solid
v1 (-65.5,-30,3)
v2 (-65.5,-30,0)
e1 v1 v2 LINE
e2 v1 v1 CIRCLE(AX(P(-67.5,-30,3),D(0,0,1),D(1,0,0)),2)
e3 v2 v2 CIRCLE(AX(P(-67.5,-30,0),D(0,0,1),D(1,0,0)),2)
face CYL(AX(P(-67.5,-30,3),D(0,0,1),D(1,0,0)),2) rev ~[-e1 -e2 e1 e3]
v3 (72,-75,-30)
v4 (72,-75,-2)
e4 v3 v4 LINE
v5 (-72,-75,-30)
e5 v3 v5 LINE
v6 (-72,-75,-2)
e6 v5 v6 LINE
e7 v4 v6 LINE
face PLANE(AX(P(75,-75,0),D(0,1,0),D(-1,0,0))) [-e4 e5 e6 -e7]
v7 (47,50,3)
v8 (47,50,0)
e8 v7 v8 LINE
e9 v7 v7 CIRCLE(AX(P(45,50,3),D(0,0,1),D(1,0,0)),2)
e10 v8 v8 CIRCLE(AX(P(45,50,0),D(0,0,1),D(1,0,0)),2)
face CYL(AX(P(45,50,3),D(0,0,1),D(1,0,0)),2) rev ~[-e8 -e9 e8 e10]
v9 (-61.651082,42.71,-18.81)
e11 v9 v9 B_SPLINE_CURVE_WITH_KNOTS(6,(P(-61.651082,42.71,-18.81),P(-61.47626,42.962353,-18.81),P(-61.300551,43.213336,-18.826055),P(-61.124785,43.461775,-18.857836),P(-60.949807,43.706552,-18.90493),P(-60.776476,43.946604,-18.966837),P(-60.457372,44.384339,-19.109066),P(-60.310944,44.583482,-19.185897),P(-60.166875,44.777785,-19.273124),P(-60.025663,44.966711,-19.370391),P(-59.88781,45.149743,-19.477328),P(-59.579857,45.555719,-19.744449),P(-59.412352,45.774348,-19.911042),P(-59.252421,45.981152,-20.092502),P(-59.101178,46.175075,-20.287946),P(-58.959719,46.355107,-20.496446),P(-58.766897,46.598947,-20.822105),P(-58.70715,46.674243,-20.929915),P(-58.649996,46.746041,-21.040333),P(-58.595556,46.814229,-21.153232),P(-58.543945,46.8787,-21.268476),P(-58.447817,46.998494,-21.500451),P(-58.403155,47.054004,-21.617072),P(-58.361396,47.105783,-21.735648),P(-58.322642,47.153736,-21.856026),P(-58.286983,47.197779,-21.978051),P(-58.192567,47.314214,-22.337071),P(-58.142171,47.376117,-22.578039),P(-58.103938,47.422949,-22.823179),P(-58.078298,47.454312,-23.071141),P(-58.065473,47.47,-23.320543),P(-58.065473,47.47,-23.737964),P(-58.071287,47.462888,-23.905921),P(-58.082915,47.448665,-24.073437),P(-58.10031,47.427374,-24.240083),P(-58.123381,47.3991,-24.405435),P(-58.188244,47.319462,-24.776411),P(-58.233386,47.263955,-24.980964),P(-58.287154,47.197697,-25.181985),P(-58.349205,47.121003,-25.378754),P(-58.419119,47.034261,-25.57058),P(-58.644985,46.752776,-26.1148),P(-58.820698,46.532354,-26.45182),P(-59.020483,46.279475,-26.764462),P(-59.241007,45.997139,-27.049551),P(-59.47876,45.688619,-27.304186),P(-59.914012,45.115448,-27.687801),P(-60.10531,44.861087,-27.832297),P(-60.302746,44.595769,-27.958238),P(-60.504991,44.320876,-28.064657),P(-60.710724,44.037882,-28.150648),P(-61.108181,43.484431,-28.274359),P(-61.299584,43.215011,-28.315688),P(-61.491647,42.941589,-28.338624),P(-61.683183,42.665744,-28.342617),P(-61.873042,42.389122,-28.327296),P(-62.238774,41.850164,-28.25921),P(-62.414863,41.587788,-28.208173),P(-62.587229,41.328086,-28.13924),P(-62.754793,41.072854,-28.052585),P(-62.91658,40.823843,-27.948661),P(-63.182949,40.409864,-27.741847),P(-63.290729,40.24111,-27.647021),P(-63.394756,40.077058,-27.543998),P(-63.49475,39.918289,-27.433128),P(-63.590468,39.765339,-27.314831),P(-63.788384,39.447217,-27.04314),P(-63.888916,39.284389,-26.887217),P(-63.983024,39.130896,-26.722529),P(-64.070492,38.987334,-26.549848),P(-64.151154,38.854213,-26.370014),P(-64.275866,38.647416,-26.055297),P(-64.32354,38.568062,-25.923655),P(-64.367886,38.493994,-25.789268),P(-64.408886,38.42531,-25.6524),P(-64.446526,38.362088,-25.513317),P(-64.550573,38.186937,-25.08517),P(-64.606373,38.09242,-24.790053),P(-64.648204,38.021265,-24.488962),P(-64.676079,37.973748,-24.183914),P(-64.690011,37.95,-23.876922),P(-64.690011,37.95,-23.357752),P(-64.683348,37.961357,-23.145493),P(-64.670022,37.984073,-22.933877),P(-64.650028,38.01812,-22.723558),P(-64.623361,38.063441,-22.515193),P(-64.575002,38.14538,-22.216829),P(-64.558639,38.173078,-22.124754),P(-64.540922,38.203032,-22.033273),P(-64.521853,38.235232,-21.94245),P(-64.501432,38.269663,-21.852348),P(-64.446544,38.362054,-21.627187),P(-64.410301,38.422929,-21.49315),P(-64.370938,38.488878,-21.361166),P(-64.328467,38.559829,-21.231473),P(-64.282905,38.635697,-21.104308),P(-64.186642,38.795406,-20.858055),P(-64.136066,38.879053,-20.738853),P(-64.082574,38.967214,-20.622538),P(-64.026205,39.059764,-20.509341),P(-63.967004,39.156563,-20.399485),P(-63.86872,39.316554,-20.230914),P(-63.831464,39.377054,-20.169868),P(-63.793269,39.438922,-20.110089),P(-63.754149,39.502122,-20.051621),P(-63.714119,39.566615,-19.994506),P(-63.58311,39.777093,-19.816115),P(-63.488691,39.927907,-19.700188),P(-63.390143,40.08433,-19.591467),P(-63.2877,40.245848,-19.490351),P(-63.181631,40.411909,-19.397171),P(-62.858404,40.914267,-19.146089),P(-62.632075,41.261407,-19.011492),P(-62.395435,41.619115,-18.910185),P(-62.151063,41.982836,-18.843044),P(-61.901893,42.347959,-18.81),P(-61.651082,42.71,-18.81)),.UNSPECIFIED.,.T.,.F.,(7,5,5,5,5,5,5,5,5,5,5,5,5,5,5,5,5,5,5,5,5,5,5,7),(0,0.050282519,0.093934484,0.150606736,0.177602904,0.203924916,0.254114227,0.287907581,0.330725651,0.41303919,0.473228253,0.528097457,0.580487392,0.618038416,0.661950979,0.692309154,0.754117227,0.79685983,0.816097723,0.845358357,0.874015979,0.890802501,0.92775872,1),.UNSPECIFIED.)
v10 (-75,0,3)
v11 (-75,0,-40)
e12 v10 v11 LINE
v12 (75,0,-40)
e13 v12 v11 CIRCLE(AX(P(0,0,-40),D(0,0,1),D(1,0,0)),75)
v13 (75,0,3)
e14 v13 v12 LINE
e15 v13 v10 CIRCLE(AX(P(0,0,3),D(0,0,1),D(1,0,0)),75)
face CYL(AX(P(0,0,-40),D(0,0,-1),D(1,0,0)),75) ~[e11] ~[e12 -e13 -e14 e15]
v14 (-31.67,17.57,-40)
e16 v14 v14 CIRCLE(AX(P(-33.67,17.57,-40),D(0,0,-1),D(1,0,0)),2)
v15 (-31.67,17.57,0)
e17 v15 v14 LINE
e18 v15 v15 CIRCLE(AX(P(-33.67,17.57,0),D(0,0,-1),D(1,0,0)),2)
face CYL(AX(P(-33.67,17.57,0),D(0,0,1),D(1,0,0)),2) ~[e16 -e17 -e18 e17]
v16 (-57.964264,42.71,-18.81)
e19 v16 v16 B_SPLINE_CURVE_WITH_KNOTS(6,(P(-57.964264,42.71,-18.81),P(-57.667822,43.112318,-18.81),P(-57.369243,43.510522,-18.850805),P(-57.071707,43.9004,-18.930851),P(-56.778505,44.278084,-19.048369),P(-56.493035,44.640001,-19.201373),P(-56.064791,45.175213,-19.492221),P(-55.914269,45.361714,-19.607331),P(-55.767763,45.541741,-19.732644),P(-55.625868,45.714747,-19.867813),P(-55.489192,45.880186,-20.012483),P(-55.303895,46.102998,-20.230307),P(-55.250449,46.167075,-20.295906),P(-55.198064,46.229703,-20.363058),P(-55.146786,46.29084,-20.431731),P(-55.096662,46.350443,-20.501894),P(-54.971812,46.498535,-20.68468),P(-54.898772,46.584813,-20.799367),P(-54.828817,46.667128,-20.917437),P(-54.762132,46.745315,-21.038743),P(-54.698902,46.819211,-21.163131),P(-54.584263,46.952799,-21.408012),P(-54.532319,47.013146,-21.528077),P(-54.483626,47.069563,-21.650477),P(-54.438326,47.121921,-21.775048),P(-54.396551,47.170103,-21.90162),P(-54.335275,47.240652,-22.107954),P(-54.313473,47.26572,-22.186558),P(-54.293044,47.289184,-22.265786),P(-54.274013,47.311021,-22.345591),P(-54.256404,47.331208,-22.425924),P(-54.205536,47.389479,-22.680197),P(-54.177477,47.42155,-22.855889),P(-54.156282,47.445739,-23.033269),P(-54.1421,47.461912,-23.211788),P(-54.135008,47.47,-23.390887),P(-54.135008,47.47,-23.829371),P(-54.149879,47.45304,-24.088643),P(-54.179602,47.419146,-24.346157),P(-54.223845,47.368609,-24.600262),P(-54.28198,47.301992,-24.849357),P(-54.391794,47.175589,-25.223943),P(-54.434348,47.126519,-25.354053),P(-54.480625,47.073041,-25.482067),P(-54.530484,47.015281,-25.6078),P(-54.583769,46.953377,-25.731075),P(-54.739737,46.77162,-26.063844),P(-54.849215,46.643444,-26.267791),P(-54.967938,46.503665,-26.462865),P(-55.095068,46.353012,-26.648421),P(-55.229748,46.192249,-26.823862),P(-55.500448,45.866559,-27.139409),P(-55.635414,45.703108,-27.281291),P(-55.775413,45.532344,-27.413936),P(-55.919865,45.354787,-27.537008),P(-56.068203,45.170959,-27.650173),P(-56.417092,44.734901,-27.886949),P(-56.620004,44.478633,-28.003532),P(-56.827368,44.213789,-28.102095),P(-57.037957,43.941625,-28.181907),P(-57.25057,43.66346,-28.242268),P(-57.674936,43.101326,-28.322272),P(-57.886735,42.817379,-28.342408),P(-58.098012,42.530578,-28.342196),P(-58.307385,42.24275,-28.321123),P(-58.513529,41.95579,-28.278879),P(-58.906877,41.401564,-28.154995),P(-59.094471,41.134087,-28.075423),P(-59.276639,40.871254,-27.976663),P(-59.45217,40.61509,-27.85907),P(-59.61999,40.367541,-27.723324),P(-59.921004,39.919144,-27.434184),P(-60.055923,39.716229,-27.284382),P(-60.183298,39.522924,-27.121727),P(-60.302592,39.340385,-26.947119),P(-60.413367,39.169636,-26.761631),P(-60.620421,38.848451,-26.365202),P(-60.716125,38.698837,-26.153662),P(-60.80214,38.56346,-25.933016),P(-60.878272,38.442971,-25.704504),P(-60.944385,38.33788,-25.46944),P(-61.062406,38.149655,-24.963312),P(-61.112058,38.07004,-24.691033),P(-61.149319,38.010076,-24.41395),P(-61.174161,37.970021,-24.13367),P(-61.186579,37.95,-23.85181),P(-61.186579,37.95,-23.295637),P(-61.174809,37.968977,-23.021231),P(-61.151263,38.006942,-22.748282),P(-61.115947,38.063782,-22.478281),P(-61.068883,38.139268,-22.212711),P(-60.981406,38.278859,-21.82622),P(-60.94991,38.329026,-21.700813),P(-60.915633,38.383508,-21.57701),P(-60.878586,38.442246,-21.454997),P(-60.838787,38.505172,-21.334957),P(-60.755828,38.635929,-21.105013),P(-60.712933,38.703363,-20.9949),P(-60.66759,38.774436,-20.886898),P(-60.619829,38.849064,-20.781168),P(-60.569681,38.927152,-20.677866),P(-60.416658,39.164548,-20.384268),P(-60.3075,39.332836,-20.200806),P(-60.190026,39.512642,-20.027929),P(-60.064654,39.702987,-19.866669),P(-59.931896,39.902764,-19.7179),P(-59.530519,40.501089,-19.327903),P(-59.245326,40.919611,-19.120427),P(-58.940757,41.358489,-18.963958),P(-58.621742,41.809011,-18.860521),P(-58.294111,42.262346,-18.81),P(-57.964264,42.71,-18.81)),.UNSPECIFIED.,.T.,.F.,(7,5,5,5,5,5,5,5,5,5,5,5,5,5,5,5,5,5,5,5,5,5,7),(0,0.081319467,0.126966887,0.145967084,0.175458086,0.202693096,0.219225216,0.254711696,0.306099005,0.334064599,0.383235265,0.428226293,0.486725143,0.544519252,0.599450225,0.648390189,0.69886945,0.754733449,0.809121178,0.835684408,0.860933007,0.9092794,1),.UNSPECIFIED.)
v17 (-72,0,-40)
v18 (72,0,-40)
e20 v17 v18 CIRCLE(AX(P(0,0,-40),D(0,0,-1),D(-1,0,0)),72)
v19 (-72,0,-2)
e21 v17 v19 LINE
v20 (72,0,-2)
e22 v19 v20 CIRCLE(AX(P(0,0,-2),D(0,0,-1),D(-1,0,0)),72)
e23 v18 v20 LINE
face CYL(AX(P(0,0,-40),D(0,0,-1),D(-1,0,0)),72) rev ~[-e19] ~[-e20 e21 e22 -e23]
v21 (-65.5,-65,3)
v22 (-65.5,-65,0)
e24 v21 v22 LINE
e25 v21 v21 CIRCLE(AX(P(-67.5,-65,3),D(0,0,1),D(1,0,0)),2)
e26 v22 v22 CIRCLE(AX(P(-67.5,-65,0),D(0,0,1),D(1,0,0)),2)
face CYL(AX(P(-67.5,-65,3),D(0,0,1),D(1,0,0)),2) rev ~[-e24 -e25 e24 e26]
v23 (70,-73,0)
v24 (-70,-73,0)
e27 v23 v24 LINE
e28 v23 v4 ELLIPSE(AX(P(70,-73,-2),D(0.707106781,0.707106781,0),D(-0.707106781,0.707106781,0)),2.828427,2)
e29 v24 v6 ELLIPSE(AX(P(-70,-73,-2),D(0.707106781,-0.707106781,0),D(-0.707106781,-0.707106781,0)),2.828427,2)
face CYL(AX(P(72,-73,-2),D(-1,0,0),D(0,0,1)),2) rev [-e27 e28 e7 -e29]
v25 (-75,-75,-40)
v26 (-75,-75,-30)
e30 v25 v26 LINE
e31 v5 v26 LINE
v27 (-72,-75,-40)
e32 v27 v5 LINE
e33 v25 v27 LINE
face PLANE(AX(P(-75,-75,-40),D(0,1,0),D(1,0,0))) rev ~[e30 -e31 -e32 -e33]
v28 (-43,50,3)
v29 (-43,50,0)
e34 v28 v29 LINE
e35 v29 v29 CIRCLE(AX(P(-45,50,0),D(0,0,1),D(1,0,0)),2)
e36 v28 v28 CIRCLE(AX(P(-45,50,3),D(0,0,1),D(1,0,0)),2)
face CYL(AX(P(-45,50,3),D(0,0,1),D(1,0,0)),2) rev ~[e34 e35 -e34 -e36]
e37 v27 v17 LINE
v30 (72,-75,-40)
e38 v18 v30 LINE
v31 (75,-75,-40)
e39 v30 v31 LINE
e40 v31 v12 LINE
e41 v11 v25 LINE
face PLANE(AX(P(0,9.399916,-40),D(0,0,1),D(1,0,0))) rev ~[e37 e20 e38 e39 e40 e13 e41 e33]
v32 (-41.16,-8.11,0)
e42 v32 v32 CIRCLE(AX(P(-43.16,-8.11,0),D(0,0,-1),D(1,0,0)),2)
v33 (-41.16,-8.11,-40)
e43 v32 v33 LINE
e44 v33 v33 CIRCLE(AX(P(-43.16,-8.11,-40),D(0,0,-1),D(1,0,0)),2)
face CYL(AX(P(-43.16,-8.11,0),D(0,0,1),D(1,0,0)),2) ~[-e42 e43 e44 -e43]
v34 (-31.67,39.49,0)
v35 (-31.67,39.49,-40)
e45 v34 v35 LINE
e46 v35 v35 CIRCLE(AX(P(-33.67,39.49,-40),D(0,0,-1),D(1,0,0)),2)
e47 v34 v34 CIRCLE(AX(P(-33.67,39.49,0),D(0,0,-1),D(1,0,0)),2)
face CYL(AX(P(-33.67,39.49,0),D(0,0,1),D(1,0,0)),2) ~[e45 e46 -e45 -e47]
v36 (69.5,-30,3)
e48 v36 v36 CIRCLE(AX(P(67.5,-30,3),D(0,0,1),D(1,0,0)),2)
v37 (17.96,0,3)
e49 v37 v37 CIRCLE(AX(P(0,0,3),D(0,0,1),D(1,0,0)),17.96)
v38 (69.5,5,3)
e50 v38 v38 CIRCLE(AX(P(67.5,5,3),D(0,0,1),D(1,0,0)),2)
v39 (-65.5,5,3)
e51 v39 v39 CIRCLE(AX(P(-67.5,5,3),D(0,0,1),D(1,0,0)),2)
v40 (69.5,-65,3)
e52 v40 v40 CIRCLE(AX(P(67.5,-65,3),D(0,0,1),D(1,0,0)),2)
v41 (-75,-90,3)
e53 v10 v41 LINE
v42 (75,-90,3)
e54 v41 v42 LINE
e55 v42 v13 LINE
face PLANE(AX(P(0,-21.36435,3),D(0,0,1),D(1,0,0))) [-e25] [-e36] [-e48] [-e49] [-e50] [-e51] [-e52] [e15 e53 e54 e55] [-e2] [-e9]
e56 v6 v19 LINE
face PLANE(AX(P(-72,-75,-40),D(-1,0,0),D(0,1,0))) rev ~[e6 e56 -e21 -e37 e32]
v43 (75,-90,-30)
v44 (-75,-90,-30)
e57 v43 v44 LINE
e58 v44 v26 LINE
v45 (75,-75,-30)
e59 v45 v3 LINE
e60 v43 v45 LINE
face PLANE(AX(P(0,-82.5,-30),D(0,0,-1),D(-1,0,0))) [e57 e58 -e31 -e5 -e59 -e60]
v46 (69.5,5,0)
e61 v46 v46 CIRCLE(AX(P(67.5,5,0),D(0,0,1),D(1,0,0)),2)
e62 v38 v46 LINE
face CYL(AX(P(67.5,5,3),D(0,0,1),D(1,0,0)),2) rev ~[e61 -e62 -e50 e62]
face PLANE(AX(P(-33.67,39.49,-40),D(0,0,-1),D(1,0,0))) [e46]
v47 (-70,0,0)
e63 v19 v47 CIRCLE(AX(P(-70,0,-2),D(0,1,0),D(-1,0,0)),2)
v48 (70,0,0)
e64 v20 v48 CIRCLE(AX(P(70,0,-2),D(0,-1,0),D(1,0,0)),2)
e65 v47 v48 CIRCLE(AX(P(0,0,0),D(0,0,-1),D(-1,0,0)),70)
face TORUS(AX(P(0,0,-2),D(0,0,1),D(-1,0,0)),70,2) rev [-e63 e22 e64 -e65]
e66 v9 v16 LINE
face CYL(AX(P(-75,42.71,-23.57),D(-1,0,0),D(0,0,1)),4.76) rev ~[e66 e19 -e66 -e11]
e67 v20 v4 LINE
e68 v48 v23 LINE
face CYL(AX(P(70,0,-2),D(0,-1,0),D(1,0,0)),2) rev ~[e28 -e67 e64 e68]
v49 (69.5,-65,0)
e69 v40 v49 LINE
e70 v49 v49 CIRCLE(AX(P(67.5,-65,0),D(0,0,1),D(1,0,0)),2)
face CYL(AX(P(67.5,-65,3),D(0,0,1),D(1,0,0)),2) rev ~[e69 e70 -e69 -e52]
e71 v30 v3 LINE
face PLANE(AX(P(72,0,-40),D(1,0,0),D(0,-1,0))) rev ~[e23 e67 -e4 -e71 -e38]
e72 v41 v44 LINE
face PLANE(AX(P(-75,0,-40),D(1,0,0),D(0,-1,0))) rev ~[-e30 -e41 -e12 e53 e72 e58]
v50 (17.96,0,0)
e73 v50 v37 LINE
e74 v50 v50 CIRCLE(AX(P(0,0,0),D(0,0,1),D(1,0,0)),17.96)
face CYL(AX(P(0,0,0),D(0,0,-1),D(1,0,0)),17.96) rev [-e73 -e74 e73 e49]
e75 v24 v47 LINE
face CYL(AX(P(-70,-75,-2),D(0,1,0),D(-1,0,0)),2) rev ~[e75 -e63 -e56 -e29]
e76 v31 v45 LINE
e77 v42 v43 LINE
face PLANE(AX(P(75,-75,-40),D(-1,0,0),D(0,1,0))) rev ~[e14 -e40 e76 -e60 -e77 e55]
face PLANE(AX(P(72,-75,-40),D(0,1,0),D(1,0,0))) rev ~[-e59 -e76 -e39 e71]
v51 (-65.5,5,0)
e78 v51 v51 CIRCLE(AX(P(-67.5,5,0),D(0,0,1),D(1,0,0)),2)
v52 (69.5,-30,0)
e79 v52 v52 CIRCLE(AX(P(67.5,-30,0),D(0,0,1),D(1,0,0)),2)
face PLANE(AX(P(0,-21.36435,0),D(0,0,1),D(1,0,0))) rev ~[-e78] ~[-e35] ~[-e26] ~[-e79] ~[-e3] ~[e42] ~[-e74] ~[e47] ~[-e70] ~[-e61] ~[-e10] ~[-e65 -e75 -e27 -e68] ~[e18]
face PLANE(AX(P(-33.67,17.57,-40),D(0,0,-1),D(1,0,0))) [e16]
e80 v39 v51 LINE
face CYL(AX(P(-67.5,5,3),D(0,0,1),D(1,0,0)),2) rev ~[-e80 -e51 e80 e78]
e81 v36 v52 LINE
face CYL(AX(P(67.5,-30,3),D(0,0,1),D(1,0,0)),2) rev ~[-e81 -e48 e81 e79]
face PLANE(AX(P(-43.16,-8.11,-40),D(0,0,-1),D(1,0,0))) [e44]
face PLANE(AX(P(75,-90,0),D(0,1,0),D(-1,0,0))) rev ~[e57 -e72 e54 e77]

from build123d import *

# Parameters (mm, degrees)
SKETCH1_R           = 17.96
BOSS_EXTRUDE1_DEPTH = 3
SKETCH2_W           = 150
SKETCH2_H           = 15
BOSS_EXTRUDE2_DEPTH = 30
BOSS_EXTRUDE3_START = 40
BOSS_EXTRUDE3_DEPTH = 40
FILLET1_R           = 2
SKETCH4_R           = 2
CUT_EXTRUDE1_DEPTH  = 4
SKETCH6_R           = 2
BOSS_EXTRUDE4_DEPTH = 40
SKETCH7_R           = 4.76
CUT_EXTRUDE4_DEPTH  = 30
SKETCH5_R           = 2
CUT_EXTRUDE6_DEPTH  = 60


with BuildPart() as part:
    # Sketch1 → Boss-Extrude1 (new body)
    with BuildSketch(Plane.XY):
        with BuildLine():
            Line((-75, 0), (-75, -75))
            Line((-75, -75), (-75, -90))
            Line((-75, -90), (75, -90))
            Line((75, -90), (75, -75))
            Line((75, -75), (75, 0))
            ThreePointArc((75, 0), (0, 75), (-75, 0))
        make_face()
        Circle(SKETCH1_R, mode=Mode.SUBTRACT)
    extrude(amount=BOSS_EXTRUDE1_DEPTH)

    # Sketch2 → Boss-Extrude2 (add)
    with BuildSketch(Plane(origin=(0, 0, 0), x_dir=(-1, 0, 0), z_dir=(0, 0, -1))):
        with Locations((0, -82.5)):
            Rectangle(SKETCH2_W, SKETCH2_H)
    extrude(amount=BOSS_EXTRUDE2_DEPTH)

    # Sketch3 → Boss-Extrude3 (add)
    with BuildSketch(Plane(origin=(0, 0, 0), x_dir=(-1, 0, 0), z_dir=(0, 0, -1)).offset(BOSS_EXTRUDE3_START)):
        with BuildLine():
            Line((75, 0), (75, -75))
            Line((75, -75), (72, -75))
            Line((72, -75), (72, 0))
            ThreePointArc((72, 0), (0, 72), (-72, 0))
            Line((-72, 0), (-72, -75))
            Line((-72, -75), (-75, -75))
            Line((-75, -75), (-75, 0))
            ThreePointArc((-75, 0), (0, 75), (75, 0))
        make_face()
    extrude(amount=-BOSS_EXTRUDE3_DEPTH)

    # Fillet1
    fillet1_edges = [part.edges().sort_by_distance(p)[0] for p in [
        (0, -75, 0),
        (72, -37.5, 0),
        (0, 72, 0),
        (-72, -37.5, 0),
    ]]
    fillet(fillet1_edges, radius=FILLET1_R)

    # Sketch4 → Cut-Extrude1 (cut)
    with BuildSketch(Plane.XY.offset(3)):
        with Locations((-67.5, -65)):
            Circle(SKETCH4_R)
        with Locations((67.5, -65)):
            Circle(SKETCH4_R)
        with Locations((67.5, -30)):
            Circle(SKETCH4_R)
        with Locations((67.5, 5)):
            Circle(SKETCH4_R)
        with Locations((-67.5, -30)):
            Circle(SKETCH4_R)
        with Locations((-67.5, 5)):
            Circle(SKETCH4_R)
    extrude(amount=-CUT_EXTRUDE1_DEPTH, mode=Mode.SUBTRACT)

    # Sketch6 → Boss-Extrude4 (add)
    with BuildSketch(Plane(origin=(0, 0, 0), x_dir=(-1, 0, 0), z_dir=(0, 0, -1))):
        with Locations(Location((43.16, -8.11, 0), (0, 0, 180))):
            Circle(SKETCH6_R)
        with Locations(Location((33.67, 17.57, 0), (0, 0, 180))):
            Circle(SKETCH6_R)
        with Locations(Location((33.67, 39.49, 0), (0, 0, 180))):
            Circle(SKETCH6_R)
    extrude(amount=BOSS_EXTRUDE4_DEPTH)

    # Sketch7 → Cut-Extrude4 (cut)
    with BuildSketch(Plane.ZY.offset(75)):
        with Locations((-23.57, 42.71)):
            Circle(SKETCH7_R)
    extrude(amount=-CUT_EXTRUDE4_DEPTH, mode=Mode.SUBTRACT)

    # Sketch5 → Cut-Extrude6 (cut)
    with BuildSketch(Plane.XY.offset(3)):
        with Locations((-45, 50)):
            Circle(SKETCH5_R)
        with Locations((45, 50)):
            Circle(SKETCH5_R)
    extrude(amount=-CUT_EXTRUDE6_DEPTH, mode=Mode.SUBTRACT)


solid = part.part
